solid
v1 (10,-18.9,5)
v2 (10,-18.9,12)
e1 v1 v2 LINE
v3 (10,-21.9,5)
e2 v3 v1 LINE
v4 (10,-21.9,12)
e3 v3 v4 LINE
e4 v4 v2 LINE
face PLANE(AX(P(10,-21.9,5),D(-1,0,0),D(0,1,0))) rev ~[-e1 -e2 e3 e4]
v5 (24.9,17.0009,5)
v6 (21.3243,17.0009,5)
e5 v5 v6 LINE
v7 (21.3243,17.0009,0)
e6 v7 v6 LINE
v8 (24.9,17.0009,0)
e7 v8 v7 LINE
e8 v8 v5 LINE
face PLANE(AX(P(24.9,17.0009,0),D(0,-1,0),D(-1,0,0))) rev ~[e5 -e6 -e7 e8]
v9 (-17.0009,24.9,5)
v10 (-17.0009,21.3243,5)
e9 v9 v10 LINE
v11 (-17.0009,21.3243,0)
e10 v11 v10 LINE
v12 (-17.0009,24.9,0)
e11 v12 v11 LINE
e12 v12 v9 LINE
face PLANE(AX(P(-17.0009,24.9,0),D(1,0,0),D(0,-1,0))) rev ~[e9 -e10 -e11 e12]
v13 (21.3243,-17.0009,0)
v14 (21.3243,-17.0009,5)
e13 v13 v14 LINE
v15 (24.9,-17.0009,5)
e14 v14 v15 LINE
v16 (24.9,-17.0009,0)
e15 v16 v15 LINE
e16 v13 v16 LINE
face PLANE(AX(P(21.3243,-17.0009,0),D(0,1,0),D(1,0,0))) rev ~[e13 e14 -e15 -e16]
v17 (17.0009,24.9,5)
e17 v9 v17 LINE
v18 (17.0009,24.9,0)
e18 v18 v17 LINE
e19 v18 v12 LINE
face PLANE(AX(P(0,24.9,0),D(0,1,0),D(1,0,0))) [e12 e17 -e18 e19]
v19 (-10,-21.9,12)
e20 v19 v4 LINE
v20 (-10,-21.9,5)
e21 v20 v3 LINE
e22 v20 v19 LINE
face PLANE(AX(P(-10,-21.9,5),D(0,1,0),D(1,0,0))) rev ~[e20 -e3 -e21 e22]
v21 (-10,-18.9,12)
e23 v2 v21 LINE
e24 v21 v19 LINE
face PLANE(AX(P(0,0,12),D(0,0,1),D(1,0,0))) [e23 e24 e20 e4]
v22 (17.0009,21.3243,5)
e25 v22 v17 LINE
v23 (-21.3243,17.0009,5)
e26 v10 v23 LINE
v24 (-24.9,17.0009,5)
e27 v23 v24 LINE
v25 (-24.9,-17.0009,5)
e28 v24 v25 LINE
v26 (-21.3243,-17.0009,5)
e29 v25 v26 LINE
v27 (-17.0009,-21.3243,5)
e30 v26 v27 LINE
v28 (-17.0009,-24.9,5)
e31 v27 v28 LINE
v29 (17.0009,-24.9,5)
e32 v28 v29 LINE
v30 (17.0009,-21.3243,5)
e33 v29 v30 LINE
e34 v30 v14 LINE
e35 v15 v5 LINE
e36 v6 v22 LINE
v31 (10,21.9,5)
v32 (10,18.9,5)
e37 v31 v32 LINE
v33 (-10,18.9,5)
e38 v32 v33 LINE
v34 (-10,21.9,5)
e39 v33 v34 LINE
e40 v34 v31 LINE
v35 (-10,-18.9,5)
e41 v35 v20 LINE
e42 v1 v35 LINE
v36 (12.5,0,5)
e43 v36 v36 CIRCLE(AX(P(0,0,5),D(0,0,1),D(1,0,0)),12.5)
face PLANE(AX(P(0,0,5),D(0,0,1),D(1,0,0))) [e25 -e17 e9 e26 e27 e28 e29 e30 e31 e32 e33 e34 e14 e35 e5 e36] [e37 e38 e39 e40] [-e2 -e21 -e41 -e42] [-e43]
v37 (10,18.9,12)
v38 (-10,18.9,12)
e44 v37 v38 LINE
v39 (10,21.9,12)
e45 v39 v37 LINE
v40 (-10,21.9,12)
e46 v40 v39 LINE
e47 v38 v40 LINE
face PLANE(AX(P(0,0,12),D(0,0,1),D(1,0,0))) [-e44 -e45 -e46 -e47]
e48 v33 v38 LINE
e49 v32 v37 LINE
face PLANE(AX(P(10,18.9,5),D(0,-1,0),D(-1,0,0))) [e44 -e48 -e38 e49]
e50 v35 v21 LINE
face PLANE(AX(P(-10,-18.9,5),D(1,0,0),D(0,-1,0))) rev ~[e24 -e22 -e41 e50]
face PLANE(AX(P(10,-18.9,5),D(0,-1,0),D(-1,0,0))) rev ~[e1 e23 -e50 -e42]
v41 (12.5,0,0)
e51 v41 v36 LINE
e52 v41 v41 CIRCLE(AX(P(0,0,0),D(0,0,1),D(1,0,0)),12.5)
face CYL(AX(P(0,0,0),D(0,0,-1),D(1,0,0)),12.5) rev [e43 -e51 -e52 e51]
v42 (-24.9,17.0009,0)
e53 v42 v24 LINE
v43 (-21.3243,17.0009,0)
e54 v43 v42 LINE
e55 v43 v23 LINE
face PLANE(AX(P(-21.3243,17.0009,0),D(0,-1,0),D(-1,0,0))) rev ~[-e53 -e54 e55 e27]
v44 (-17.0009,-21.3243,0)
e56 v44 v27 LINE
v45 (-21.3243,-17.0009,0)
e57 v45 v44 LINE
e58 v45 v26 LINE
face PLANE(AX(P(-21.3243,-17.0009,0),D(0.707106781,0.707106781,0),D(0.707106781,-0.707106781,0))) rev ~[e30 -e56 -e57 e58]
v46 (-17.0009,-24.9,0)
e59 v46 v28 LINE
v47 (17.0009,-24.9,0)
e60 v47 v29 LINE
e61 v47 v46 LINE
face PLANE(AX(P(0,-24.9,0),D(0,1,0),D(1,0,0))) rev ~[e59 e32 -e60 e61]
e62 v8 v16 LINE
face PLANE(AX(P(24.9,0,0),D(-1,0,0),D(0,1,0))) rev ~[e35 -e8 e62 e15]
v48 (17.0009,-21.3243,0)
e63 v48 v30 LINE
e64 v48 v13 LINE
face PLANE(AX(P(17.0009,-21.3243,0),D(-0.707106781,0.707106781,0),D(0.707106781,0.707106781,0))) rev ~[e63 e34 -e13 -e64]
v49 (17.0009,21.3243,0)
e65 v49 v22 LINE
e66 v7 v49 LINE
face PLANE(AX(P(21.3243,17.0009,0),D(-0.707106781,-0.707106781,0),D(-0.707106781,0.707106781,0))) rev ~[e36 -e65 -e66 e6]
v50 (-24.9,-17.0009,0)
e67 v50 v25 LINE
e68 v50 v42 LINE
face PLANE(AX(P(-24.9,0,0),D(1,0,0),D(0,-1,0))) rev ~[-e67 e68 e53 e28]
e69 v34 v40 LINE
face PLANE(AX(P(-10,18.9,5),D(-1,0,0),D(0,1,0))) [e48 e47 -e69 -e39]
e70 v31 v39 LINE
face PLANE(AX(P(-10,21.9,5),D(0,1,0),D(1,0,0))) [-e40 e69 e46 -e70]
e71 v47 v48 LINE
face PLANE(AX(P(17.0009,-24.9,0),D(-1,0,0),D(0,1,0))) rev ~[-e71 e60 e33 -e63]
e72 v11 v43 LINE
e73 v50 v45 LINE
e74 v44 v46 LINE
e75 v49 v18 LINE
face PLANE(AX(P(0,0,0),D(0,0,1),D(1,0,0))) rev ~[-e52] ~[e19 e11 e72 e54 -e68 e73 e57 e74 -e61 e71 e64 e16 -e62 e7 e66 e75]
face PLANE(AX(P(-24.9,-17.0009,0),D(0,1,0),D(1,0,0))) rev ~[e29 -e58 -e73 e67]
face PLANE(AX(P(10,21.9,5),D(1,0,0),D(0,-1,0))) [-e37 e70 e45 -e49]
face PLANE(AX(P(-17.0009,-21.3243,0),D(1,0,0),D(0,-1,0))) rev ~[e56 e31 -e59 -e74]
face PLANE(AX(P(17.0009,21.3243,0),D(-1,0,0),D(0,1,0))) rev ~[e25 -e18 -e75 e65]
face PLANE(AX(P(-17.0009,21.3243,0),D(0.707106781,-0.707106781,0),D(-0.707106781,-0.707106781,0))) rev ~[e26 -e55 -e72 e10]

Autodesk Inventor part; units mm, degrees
ref_plane "YZ Plane" through (0, 0, 0) normal (1, 0, 0) x (0, 1, 0)
ref_plane "XZ Plane" through (0, 0, 0) normal (0, 1, 0) x (-1, 0, 0)
ref_plane "XY Plane" through (0, 0, 0) normal (0, 0, 1) x (1, 0, 0)
sketch "Sketch1" plane through (0, 0, 0) normal (0, 0, 1) x (1, 0, 0)
  line L0 (-34.86, 0) -> (34.86, 0) construction
  line L1 (0, -34.86) -> (0, 34.86) construction
  line L2 (0, 0) -> (11.1575, 11.1575) construction
  line L3 (0, 0) -> (15.7791, 0) construction
  line L4 (0, 24.9) -> (16.8009, 24.9)
  line L5 (16.8009, 24.9) -> (16.8009, 21.2415)
  line L6 (16.8009, 21.2415) -> (19.0212, 19.0212)
  line L7 (24.9, 0) -> (24.9, 16.8009)
  line L8 (24.9, 16.8009) -> (21.2415, 16.8009)
  line L9 (21.2415, 16.8009) -> (19.0212, 19.0212)
  line L10 (0, -24.9) -> (16.8009, -24.9)
  line L11 (16.8009, -24.9) -> (16.8009, -21.2415)
  line L12 (16.8009, -21.2415) -> (19.0212, -19.0212)
  line L13 (24.9, 0) -> (24.9, -16.8009)
  line L14 (24.9, -16.8009) -> (21.2415, -16.8009)
  line L15 (21.2415, -16.8009) -> (19.0212, -19.0212)
  line L16 (0, 24.9) -> (-16.8009, 24.9)
  line L17 (-16.8009, 24.9) -> (-16.8009, 21.2415)
  line L18 (-16.8009, 21.2415) -> (-19.0212, 19.0212)
  line L19 (-24.9, 16.8009) -> (-21.2415, 16.8009)
  line L20 (-21.2415, 16.8009) -> (-19.0212, 19.0212)
  line L21 (0, -24.9) -> (-16.8009, -24.9)
  line L22 (-16.8009, -24.9) -> (-16.8009, -21.2415)
  line L23 (-16.8009, -21.2415) -> (-19.0212, -19.0212)
  line L24 (-21.2415, -16.8009) -> (-19.0212, -19.0212)
  line L25 (-24.9, -16.8009) -> (-21.2415, -16.8009)
  line L26 (-24.9, 0) -> (-24.9, -16.8009)
  line L27 (-24.9, 0) -> (-24.9, 16.8009)
  circle A0 centre (0, 0) radius 12.5
  dimension "d0" = 45
  dimension "d2" = 24.9
  dimension "d3" = 3.14
  dimension "d4" = 26.9
  dimension "d5" = 25
extrude "Extrusion1" add sketch "Sketch1" along normal blind 5
sketch "Sketch2" plane through (0, 0, 5) normal (0, 0, 1) x (1, 0, 0)
  circle A0 centre (0, 0) radius 12.5 projected
  line L0 (16.8009, 24.9) -> (-16.8009, 24.9) projected
  line L1 (-16.8009, 24.9) -> (-16.8009, 21.2415) projected
  line L2 (-16.8009, 21.2415) -> (-21.2415, 16.8009) projected
  line L3 (-21.2415, 16.8009) -> (-24.9, 16.8009) projected
  line L4 (-24.9, 16.8009) -> (-24.9, -16.8009) projected
  line L5 (-24.9, -16.8009) -> (-21.2415, -16.8009) projected
  line L6 (-21.2415, -16.8009) -> (-16.8009, -21.2415) projected
  line L7 (-16.8009, -21.2415) -> (-16.8009, -24.9) projected
  line L8 (-16.8009, -24.9) -> (16.8009, -24.9) projected
  line L9 (16.8009, -24.9) -> (16.8009, -21.2415) projected
  line L10 (16.8009, -21.2415) -> (21.2415, -16.8009) projected
  line L11 (21.2415, -16.8009) -> (24.9, -16.8009) projected
  line L12 (24.9, -16.8009) -> (24.9, 16.8009) projected
  line L13 (24.9, 16.8009) -> (21.2415, 16.8009) projected
  line L14 (21.2415, 16.8009) -> (16.8009, 21.2415) projected
  line L15 (16.8009, 21.2415) -> (16.8009, 24.9) projected
  line L16 (-34.86, 0) -> (34.86, 0) construction
  line L17 (0, -34.86) -> (0, 34.86) construction
  line L18 (-10, 21.9) -> (10, 21.9)
  line L19 (10, 21.9) -> (10, 18.9)
  line L20 (10, 18.9) -> (-10, 18.9)
  line L21 (-10, 18.9) -> (-10, 21.9)
  line L22 (-10, -21.9) -> (10, -21.9)
  line L23 (10, -21.9) -> (10, -18.9)
  line L24 (10, -18.9) -> (-10, -18.9)
  line L25 (-10, -18.9) -> (-10, -21.9)
  dimension "d8" = 20
  dimension "d9" = 3
  dimension "d10" = 3
extrude "Extrusion2" add sketch "Sketch2" along normal blind 7 contours L18 L19 L20 L21 | L25 L24 L23 L22
chamfer "Fase1" [suppressed]
chamfer "Fase2" [suppressed]
sketch "Sketch4" plane through (0, 0, 0) normal (0, 0, -1) x (-1, 0, 0)
  circle A0 centre (0, 0) radius 12.5 construction
  line L0 (16.8009, 24.9) -> (-16.8009, 24.9) construction
  line L1 (-16.8009, 24.9) -> (-16.8009, 21.2415) projected
  line L2 (-16.8009, 21.2415) -> (-21.2415, 16.8009) projected
  line L3 (-21.2415, 16.8009) -> (-24.9, 16.8009) projected
  line L4 (-24.9, 16.8009) -> (-24.9, -16.8009) construction
  line L5 (-24.9, -16.8009) -> (-21.2415, -16.8009) projected
  line L6 (-21.2415, -16.8009) -> (-16.8009, -21.2415) projected
  line L7 (-16.8009, -21.2415) -> (-16.8009, -24.9) projected
  line L8 (-16.8009, -24.9) -> (16.8009, -24.9) construction
  line L9 (16.8009, -24.9) -> (16.8009, -21.2415) projected
  line L10 (16.8009, -21.2415) -> (21.2415, -16.8009) projected
  line L11 (21.2415, -16.8009) -> (24.9, -16.8009) projected
  line L12 (24.9, -16.8009) -> (24.9, 16.8009) construction
  line L13 (24.9, 16.8009) -> (21.2415, 16.8009) projected
  line L14 (21.2415, 16.8009) -> (16.8009, 21.2415) projected
  line L15 (16.8009, 21.2415) -> (16.8009, 24.9) projected
  line L16 (-17.0009, 25.1) -> (17.0009, 25.1) construction
  line L17 (17.0009, 25.1) -> (17.0009, 21.3243)
  line L18 (17.0009, 21.3243) -> (21.3243, 17.0009)
  line L19 (21.3243, 17.0009) -> (25.1, 17.0009)
  line L20 (25.1, 17.0009) -> (25.1, -17.0009) construction
  line L21 (25.1, -17.0009) -> (21.3243, -17.0009)
  line L22 (21.3243, -17.0009) -> (17.0009, -21.3243)
  line L23 (17.0009, -21.3243) -> (17.0009, -25.1)
  line L24 (17.0009, -25.1) -> (-17.0009, -25.1) construction
  line L25 (-17.0009, -25.1) -> (-17.0009, -21.3243)
  line L26 (-17.0009, -21.3243) -> (-21.3243, -17.0009)
  line L27 (-21.3243, -17.0009) -> (-25.1, -17.0009)
  line L28 (-25.1, -17.0009) -> (-25.1, 17.0009) construction
  line L29 (-25.1, 17.0009) -> (-21.3243, 17.0009)
  line L30 (-21.3243, 17.0009) -> (-17.0009, 21.3243)
  line L31 (-17.0009, 21.3243) -> (-17.0009, 25.1)
  line L32 (-24.9, -16.8009) -> (-24.9, 16.8009) projected
  line L33 (-24.9, 16.8009) -> (-24.9, 17.0009)
  line L34 (-16.8009, 24.9) -> (-17.0009, 24.9)
  line L35 (-16.8009, 24.9) -> (16.8009, 24.9) projected
  line L36 (16.8009, 24.9) -> (17.0009, 24.9)
  line L37 (24.9, 16.8009) -> (24.9, 17.0009)
  line L38 (24.9, 16.8009) -> (24.9, -16.8009) projected
  line L39 (24.9, -16.8009) -> (24.9, -17.0009)
  line L40 (16.8009, -24.9) -> (-16.8009, -24.9) projected
  line L41 (16.8009, -24.9) -> (17.0009, -24.9)
  line L42 (-16.8009, -24.9) -> (-17.0009, -24.9)
  line L43 (-24.9, -16.8009) -> (-24.9, -17.0009)
  dimension "d19" = 0.2
extrude "IM_offset" add sketch "Sketch4" against normal up to surface (5 mm away) contours L1 L2 L3 L33 L29 L30 L31 L34 | L36 L17 L18 L19 L37 L13 L14 L15 | L5 L6 L7 L42 L25 L26 L27 L43 | L39 L21 L22 L23 L41 L9 L10 L11
properties part number "20_Cube_insert_Sample_holder_v3"
